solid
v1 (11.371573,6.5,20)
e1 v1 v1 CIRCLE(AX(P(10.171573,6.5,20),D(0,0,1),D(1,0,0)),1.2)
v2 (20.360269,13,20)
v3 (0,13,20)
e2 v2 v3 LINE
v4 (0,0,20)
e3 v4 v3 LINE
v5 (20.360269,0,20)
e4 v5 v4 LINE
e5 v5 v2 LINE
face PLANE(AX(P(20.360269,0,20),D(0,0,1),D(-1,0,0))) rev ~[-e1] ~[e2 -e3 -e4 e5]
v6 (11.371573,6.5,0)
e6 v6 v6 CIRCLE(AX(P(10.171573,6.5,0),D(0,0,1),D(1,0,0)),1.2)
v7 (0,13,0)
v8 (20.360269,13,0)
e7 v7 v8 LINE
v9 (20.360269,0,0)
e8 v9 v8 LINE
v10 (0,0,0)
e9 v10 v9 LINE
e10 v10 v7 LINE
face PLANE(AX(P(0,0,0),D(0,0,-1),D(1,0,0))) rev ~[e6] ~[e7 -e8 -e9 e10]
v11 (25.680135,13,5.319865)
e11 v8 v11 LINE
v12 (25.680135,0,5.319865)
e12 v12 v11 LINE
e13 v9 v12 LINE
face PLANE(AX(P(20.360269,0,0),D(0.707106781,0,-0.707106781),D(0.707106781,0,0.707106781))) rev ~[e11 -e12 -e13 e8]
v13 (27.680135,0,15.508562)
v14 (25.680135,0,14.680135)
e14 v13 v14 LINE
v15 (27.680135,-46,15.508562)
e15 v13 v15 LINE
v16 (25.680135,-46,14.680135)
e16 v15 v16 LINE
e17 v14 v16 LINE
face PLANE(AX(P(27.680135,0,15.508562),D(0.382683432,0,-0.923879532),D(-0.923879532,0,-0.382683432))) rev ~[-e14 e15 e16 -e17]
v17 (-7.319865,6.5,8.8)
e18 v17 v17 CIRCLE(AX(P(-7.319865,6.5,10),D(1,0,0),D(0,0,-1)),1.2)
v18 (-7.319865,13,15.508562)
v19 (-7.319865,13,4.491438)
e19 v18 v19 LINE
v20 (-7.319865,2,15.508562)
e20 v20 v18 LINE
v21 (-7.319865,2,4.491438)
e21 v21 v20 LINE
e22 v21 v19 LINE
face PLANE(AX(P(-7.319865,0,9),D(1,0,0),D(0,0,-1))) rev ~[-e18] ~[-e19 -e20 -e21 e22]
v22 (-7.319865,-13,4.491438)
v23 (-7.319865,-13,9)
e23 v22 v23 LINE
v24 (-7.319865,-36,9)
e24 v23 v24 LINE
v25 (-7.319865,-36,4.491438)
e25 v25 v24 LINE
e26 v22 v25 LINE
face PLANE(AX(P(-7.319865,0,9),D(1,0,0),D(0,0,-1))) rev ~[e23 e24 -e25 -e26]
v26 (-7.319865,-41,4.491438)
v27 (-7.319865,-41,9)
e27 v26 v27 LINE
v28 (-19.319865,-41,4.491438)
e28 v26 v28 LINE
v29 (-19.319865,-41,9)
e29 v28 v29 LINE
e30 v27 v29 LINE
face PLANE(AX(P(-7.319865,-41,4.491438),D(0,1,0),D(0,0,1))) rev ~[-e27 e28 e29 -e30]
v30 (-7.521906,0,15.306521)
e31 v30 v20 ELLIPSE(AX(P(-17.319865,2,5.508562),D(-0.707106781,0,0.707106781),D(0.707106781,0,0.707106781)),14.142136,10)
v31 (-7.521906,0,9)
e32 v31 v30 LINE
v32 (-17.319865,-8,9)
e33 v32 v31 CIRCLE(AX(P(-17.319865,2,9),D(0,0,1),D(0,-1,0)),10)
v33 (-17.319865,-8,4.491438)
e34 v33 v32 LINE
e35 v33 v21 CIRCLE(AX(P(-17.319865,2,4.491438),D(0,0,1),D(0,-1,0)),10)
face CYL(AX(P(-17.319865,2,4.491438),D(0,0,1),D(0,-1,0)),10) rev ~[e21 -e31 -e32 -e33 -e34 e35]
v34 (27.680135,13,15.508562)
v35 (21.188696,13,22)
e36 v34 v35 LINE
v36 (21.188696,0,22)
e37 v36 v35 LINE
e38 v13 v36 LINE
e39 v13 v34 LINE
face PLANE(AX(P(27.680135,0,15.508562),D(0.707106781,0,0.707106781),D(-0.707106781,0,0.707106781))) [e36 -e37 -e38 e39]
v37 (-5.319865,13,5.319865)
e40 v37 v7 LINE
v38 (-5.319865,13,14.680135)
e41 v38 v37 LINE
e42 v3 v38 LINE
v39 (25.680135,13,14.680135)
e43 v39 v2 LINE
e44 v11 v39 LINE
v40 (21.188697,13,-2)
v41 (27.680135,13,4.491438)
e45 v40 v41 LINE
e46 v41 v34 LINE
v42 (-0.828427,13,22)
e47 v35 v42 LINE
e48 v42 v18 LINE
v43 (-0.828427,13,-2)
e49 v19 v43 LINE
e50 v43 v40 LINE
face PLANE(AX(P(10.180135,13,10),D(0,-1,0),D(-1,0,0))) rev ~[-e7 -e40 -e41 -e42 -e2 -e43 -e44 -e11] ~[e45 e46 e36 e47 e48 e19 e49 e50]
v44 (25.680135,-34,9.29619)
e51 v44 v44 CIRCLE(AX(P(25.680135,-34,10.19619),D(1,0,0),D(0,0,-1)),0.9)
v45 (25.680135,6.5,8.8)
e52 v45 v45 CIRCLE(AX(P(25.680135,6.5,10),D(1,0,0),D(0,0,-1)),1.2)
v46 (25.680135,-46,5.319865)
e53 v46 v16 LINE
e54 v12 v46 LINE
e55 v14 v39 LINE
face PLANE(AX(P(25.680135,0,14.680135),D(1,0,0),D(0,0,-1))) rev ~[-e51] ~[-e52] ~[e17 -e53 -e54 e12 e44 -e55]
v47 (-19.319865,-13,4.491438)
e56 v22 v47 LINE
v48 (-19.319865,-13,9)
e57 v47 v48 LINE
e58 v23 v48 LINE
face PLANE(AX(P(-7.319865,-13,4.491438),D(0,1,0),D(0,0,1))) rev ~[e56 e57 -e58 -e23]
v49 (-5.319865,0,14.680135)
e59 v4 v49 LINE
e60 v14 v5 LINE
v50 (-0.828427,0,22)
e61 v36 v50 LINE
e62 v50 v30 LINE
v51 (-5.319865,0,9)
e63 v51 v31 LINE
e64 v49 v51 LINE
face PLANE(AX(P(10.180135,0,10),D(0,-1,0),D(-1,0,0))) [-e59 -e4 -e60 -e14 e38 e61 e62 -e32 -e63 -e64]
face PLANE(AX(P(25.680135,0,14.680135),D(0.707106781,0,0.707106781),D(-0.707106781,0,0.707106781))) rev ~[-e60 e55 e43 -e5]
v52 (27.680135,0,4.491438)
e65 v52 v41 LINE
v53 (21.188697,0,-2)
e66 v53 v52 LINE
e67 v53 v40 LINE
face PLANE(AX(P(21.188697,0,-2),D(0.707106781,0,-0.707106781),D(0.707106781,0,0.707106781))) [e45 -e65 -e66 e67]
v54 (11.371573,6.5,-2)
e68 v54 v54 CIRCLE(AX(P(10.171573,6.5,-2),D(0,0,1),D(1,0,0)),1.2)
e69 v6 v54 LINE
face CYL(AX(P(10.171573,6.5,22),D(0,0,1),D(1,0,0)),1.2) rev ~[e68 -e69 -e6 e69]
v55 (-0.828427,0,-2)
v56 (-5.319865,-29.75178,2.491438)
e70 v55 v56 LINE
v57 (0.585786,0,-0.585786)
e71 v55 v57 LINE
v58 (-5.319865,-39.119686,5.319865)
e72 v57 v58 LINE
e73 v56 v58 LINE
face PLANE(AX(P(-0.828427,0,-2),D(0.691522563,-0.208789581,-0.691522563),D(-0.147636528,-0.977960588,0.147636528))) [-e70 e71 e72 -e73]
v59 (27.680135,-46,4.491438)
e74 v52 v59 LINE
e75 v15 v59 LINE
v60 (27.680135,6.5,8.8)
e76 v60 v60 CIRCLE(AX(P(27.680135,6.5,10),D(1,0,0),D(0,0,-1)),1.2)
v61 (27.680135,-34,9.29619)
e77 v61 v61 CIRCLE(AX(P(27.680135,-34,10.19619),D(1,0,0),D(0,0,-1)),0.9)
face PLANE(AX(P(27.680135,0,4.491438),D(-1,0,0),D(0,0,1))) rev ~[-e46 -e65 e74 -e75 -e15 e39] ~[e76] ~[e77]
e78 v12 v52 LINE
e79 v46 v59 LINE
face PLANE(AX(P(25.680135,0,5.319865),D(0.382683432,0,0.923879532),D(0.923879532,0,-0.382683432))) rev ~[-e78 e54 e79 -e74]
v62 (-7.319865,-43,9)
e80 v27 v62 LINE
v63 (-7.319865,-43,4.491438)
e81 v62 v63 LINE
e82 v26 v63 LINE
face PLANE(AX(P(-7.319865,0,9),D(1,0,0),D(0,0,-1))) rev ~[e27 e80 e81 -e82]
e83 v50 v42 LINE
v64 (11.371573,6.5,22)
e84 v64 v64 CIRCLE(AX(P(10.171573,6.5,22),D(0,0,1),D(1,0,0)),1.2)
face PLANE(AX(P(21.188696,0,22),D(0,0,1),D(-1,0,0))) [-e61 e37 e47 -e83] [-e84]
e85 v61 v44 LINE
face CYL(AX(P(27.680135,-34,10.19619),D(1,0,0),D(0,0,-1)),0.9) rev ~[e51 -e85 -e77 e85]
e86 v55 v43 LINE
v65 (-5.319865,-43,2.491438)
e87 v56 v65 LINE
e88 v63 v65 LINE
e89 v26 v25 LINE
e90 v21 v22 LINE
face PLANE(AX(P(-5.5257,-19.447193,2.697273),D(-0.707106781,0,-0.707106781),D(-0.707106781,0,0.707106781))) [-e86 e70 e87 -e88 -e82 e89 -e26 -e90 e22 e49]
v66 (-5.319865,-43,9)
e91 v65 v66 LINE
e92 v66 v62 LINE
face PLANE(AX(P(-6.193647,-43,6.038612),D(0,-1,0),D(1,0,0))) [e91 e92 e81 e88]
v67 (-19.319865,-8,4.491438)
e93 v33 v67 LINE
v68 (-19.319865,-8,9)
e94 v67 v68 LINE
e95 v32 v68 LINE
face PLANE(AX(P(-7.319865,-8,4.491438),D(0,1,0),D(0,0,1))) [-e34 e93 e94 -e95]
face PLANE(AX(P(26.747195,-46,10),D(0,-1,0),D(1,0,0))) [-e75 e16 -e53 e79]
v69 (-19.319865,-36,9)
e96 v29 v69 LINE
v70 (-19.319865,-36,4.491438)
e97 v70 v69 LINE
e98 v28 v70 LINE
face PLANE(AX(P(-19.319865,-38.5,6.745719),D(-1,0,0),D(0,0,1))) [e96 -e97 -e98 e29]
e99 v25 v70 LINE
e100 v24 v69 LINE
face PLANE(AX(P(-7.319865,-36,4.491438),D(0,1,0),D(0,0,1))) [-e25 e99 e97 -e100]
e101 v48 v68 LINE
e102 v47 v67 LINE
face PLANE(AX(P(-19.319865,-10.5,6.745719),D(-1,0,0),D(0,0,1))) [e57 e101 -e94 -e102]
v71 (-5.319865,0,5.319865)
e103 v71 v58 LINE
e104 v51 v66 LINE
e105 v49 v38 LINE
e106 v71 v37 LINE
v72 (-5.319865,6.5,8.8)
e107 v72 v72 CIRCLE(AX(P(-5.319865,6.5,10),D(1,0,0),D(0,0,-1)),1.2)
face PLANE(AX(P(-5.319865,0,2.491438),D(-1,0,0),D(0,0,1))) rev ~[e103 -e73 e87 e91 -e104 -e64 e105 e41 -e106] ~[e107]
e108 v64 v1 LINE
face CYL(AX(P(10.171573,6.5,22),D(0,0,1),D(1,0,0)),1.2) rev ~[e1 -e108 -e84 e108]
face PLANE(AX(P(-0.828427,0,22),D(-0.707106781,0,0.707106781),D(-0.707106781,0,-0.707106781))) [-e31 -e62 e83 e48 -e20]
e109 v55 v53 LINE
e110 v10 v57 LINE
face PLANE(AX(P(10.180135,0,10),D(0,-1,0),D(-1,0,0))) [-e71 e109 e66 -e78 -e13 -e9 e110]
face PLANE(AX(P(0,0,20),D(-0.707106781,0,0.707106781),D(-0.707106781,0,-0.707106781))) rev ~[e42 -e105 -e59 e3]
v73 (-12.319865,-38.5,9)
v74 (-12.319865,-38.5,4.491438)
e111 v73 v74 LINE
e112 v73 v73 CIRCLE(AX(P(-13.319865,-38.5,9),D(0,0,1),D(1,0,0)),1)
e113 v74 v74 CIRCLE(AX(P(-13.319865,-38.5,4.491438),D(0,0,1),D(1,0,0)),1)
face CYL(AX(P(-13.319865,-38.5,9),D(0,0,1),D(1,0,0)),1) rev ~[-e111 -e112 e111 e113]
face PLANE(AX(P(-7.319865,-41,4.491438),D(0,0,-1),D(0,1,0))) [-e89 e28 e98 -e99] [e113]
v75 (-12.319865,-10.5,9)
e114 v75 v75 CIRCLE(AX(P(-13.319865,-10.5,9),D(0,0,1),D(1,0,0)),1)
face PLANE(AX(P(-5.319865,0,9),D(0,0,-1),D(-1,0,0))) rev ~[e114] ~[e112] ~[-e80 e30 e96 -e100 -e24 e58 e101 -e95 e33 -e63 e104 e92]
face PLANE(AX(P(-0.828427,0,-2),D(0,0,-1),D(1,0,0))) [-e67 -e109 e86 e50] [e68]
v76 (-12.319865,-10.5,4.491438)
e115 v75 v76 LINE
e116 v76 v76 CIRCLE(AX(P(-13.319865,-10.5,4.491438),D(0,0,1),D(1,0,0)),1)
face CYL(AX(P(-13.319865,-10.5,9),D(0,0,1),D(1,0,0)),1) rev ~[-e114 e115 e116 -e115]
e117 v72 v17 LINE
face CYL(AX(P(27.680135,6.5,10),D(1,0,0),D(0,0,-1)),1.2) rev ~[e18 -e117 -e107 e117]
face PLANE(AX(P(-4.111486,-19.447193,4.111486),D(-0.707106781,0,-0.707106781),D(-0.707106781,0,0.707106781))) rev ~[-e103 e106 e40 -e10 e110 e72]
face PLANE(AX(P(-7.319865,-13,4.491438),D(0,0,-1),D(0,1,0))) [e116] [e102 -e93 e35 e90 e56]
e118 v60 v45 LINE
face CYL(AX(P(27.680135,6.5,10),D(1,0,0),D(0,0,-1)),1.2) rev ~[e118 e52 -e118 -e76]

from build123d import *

# Parameters (mm, degrees)
BOSS_EXTRUDE1_DEPTH = 13
BOSS_EXTRUDE2_DEPTH = 46
SKETCH8_R           = 0.9
CUT_EXTRUDE1_DEPTH  = 10
SKETCH9_R           = 1.2
CUT_EXTRUDE2_DEPTH  = 40
SKETCH10_R          = 1.2
CUT_EXTRUDE3_DEPTH  = 50
BOSS_EXTRUDE3_DEPTH = 43
SKETCH12_W          = 4.508561795
SKETCH12_H          = 5
BOSS_EXTRUDE4_DEPTH = 12
SKETCH14_R          = 1
CUT_EXTRUDE4_DEPTH  = 30
BOSS_EXTRUDE5_DEPTH = 2
FILLET3_R           = 10
BOSS_EXTRUDE6_DEPTH = 46
SKETCH8_2_R         = 0.9
CUT_EXTRUDE5_DEPTH  = 30


with BuildPart() as part:
    # Sketch1 → Boss-Extrude1 (new body)
    with BuildSketch(Plane(origin=(0, 0, 0), x_dir=(1, 0, 0), z_dir=(0, 1, 0))):
        Polygon((-7.31986533, -4.491438205), (-0.828427125, 2), (21.188696525, 2), (27.68013467, -4.491438145), (27.68013467, -15.508561795), (21.188696464, -22), (-0.828427125, -22), (-7.31986533, -15.508561795), align=None)
        Polygon((0, 0), (20.3602694, 0), (25.68013467, -5.31986527), (25.68013467, -14.68013467), (20.36026934, -20), (0, -20), (-5.31986533, -14.68013467), (-5.31986533, -5.31986533), align=None, mode=Mode.SUBTRACT)
    extrude(amount=BOSS_EXTRUDE1_DEPTH)

    # Sketch7 → Boss-Extrude2 (add)
    with BuildSketch(Plane.XZ):
        with BuildLine():
            ThreePointArc((27.68013467, 12.696190421), (26.68013467, 13.696190421), (25.68013467, 12.696190421))
            Line((25.68013467, 12.696190421), (25.68013467, 7.303809579))
            ThreePointArc((25.68013467, 7.303809579), (26.68013467, 6.303809579), (27.68013467, 7.303809579))
            Line((27.68013467, 7.303809579), (27.68013467, 12.696190421))
        make_face()
    extrude(amount=BOSS_EXTRUDE2_DEPTH)

    # Sketch8 → Cut-Extrude1 (cut)
    with BuildSketch(Plane(origin=(27.68013467, 0, 0), x_dir=(0, 0, -1), z_dir=(1, 0, 0))):
        with Locations((-10.196190421, -34)):
            Circle(SKETCH8_R)
    extrude(amount=-CUT_EXTRUDE1_DEPTH, mode=Mode.SUBTRACT)

    # Sketch9 → Cut-Extrude2 (cut)
    with BuildSketch(Plane.XY.offset(22)):
        with Locations((10.171572875, 6.5)):
            Circle(SKETCH9_R)
    extrude(amount=-CUT_EXTRUDE2_DEPTH, mode=Mode.SUBTRACT)

    # Sketch10 → Cut-Extrude3 (cut)
    with BuildSketch(Plane(origin=(27.68013467, 0, 0), x_dir=(0, 0, -1), z_dir=(1, 0, 0))):
        with Locations((-10, 6.5)):
            Circle(SKETCH10_R)
    extrude(amount=-CUT_EXTRUDE3_DEPTH, mode=Mode.SUBTRACT)

    # Sketch11 → Boss-Extrude3 (add)
    with BuildSketch(Plane.XZ):
        Polygon((-5.31986533, 9), (-7.31986533, 9), (-7.31986533, 4.491438205), (-5.31986533, 2.491438205), align=None)
    extrude(amount=BOSS_EXTRUDE3_DEPTH)

    # Sketch12 → Boss-Extrude4 (add)
    with BuildSketch(Plane.ZY.offset(7.31986533)):
        with Locations((6.745719103, -10.5)):
            Rectangle(SKETCH12_W, SKETCH12_H)
        with Locations((6.745719103, -38.5)):
            Rectangle(SKETCH12_W, SKETCH12_H)
    extrude(amount=BOSS_EXTRUDE4_DEPTH)

    # Sketch14 → Cut-Extrude4 (cut)
    with BuildSketch(Plane.XY.offset(9)):
        with Locations((-13.31986532, -10.5)):
            Circle(SKETCH14_R)
        with Locations((-13.31986532, -38.5)):
            Circle(SKETCH14_R)
    extrude(amount=-CUT_EXTRUDE4_DEPTH, mode=Mode.SUBTRACT)

    # Sketch17 → Boss-Extrude5 (add)
    with BuildSketch(Plane(origin=(-1.414213562, 0, -1.414213562), x_dir=(-0.7071067811865714, 0, 0.7071067811865236), z_dir=(-0.7071067811865236, 0, -0.7071067811865714))):
        Polygon((-0.828427125, 0), (8.351852825, -43), (8.351852825, 0), align=None)
    extrude(amount=-BOSS_EXTRUDE5_DEPTH)

    # Fillet3
    fillet3_edges = [part.edges().sort_by_distance(p)[0] for p in [
        (-7.31986533, -8, 6.745719103),
    ]]
    fillet(fillet3_edges, radius=FILLET3_R)

    # Sketch18 → Boss-Extrude6 (add)
    with BuildSketch(Plane.XZ):
        Polygon((27.68013467, 15.508561795), (25.68013467, 14.68013467), (25.68013467, 5.31986527), (27.68013467, 4.491438145), align=None)
    extrude(amount=BOSS_EXTRUDE6_DEPTH)

    # Sketch8<2> → Cut-Extrude5 (cut)
    with BuildSketch(Plane(origin=(27.68013467, 0, 0), x_dir=(0, 0, -1), z_dir=(1, 0, 0))):
        with Locations((-10.196190421, -34)):
            Circle(SKETCH8_2_R)
    extrude(amount=-CUT_EXTRUDE5_DEPTH, mode=Mode.SUBTRACT)


solid = part.part
